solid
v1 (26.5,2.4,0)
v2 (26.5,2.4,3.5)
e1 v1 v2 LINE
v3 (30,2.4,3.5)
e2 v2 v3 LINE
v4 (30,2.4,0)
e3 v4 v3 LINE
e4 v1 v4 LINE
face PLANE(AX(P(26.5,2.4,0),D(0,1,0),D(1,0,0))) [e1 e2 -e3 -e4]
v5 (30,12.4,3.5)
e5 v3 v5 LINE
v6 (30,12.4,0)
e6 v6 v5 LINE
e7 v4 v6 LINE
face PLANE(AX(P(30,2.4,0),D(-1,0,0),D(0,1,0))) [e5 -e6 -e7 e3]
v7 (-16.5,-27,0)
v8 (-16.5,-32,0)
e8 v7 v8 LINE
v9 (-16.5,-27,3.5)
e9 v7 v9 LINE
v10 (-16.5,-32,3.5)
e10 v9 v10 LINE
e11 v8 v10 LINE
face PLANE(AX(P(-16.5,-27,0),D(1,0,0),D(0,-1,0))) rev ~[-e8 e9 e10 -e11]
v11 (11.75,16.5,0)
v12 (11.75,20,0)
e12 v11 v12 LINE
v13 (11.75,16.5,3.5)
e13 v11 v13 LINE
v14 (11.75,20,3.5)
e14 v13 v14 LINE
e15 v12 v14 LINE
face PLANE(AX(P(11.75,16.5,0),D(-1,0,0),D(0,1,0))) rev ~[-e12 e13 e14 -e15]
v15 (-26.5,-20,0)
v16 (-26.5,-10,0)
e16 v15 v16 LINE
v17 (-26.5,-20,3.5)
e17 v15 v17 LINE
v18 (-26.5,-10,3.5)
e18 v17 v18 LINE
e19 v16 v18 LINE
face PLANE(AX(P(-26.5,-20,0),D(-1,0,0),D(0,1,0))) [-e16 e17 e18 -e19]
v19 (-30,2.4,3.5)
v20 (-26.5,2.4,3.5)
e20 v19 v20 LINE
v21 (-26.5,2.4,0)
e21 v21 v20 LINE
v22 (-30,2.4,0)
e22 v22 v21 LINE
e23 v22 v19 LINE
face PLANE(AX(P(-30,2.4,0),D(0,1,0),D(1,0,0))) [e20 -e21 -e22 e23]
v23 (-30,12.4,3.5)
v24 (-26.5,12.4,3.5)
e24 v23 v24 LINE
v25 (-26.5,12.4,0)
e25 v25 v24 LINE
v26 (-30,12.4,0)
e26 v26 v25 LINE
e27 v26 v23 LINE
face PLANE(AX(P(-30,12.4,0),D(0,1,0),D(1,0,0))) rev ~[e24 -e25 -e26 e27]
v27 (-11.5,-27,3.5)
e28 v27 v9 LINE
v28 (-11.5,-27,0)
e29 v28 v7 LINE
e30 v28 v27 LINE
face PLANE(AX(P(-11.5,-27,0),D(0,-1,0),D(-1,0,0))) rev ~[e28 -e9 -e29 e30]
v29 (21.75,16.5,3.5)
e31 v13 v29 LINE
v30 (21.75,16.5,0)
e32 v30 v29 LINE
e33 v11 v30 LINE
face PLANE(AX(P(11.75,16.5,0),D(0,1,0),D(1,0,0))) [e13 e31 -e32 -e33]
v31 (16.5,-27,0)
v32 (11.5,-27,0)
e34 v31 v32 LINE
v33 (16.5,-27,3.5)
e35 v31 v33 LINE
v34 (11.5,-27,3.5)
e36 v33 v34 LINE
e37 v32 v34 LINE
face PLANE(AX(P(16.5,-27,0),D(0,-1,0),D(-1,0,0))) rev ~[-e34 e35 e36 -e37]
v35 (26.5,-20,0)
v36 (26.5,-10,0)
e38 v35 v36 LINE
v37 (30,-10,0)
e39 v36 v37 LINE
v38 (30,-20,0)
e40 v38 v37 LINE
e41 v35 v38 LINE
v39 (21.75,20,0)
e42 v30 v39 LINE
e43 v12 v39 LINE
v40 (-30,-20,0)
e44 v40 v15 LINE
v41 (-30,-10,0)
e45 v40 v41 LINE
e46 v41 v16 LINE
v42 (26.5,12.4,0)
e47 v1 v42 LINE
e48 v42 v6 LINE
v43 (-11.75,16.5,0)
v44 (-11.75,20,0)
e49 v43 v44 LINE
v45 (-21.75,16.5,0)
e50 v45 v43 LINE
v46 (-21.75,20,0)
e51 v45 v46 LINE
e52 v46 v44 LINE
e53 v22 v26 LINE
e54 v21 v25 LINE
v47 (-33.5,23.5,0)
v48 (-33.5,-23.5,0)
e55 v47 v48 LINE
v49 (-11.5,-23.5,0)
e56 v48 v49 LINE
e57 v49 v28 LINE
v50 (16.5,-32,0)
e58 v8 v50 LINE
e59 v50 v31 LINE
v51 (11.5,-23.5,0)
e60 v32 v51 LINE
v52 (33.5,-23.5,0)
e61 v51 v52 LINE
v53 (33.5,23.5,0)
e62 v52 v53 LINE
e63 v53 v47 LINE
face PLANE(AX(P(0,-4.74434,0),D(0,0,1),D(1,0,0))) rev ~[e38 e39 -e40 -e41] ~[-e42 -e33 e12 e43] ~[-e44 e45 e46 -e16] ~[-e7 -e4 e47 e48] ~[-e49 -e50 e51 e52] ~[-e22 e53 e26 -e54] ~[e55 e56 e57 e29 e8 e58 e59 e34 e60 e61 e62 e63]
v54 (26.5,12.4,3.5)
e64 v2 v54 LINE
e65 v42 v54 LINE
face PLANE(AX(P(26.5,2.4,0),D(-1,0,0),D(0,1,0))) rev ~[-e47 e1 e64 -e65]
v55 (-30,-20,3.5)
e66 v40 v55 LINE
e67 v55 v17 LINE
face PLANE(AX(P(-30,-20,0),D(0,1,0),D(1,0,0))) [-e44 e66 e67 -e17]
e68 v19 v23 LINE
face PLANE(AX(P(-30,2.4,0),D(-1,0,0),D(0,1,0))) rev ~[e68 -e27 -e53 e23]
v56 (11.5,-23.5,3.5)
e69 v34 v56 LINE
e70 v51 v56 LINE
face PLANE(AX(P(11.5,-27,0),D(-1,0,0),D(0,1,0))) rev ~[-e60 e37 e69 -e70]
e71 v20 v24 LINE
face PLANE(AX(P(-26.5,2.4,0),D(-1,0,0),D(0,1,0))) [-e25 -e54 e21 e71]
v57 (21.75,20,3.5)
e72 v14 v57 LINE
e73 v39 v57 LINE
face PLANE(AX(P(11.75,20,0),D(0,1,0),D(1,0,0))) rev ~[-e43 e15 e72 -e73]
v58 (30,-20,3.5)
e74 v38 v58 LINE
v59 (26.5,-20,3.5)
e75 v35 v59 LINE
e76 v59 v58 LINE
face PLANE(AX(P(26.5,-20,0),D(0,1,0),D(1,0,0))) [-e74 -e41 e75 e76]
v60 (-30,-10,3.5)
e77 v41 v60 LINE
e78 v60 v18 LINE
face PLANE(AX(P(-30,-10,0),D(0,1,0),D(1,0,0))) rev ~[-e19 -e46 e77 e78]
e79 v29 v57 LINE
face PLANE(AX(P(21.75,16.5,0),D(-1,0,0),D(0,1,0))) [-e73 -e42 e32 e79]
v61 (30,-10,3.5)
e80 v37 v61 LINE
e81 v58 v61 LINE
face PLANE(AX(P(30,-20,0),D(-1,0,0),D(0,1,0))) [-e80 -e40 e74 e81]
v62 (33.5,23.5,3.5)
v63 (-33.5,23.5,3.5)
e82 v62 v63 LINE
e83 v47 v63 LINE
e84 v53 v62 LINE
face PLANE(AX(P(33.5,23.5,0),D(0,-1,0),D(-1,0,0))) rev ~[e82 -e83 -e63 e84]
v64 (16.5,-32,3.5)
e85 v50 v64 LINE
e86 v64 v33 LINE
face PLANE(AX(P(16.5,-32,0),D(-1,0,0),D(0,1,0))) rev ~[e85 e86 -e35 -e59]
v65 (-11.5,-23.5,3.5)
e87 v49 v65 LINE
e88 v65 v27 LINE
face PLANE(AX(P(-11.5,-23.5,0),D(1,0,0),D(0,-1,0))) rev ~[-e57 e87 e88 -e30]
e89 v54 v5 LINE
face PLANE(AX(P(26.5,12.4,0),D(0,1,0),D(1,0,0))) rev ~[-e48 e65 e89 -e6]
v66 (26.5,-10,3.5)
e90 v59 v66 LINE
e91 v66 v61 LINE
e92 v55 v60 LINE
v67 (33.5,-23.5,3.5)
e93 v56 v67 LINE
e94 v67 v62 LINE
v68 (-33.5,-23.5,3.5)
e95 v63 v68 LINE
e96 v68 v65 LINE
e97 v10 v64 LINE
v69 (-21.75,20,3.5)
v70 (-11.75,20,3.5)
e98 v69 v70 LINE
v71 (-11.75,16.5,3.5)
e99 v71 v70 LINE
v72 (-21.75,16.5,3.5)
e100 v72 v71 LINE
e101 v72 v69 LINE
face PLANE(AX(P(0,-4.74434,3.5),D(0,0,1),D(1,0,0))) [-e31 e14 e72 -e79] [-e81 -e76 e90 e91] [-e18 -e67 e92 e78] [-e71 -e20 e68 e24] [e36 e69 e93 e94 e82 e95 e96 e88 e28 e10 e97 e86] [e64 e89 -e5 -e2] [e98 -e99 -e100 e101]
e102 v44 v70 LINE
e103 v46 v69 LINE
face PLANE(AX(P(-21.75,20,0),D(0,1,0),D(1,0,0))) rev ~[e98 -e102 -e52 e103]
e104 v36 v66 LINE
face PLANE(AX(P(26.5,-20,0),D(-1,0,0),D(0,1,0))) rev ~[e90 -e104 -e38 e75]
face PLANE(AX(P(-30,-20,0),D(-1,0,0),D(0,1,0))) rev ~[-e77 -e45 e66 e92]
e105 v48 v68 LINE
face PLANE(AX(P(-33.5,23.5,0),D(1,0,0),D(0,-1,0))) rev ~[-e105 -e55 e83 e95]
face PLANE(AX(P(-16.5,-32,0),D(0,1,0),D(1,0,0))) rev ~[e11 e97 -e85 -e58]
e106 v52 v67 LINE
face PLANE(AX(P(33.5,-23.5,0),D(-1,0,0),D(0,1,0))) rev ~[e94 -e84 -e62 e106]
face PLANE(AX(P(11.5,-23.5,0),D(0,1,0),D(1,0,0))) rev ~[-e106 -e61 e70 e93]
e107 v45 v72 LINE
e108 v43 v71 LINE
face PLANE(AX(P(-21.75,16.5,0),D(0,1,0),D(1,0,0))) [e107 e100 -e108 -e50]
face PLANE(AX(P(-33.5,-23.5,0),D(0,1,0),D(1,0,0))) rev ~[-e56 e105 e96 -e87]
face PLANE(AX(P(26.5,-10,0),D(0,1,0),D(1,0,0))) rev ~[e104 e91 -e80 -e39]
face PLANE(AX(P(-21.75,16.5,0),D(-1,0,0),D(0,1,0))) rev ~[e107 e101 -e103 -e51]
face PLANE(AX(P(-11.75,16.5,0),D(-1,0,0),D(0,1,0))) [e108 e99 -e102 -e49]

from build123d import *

# Parameters (mm, degrees)
F0_W     = 3.5
F0_H     = 10
F0_W_2   = 10
F0_H_2   = 3.5
F1_DEPTH = 3.5


with BuildPart() as f1:
    # F0 (on Top) → F1 (new body)
    with BuildSketch(Plane.XY):
        Polygon((0, 23.5), (-33.5, 23.5), (-33.5, -23.5), (-11.5, -23.5), (-11.5, -27), (-16.5, -27), (-16.5, -32), (16.5, -32), (16.5, -27), (11.5, -27), (11.5, -23.5), (33.5, -23.5), (33.5, 23.5), align=None)
        with Locations((-28.25, -15)):
            Rectangle(F0_W, F0_H, mode=Mode.SUBTRACT)
        with Locations((28.25, -15)):
            Rectangle(F0_W, F0_H, mode=Mode.SUBTRACT)
        with Locations((-28.25, 7.4)):
            Rectangle(F0_W, F0_H, mode=Mode.SUBTRACT)
        with Locations((-16.75, 18.25)):
            Rectangle(F0_W_2, F0_H_2, mode=Mode.SUBTRACT)
        with Locations((28.25, 7.4)):
            Rectangle(F0_W, F0_H, mode=Mode.SUBTRACT)
        with Locations((16.75, 18.25)):
            Rectangle(F0_W_2, F0_H_2, mode=Mode.SUBTRACT)
    extrude(amount=F1_DEPTH)


solid = f1.part
